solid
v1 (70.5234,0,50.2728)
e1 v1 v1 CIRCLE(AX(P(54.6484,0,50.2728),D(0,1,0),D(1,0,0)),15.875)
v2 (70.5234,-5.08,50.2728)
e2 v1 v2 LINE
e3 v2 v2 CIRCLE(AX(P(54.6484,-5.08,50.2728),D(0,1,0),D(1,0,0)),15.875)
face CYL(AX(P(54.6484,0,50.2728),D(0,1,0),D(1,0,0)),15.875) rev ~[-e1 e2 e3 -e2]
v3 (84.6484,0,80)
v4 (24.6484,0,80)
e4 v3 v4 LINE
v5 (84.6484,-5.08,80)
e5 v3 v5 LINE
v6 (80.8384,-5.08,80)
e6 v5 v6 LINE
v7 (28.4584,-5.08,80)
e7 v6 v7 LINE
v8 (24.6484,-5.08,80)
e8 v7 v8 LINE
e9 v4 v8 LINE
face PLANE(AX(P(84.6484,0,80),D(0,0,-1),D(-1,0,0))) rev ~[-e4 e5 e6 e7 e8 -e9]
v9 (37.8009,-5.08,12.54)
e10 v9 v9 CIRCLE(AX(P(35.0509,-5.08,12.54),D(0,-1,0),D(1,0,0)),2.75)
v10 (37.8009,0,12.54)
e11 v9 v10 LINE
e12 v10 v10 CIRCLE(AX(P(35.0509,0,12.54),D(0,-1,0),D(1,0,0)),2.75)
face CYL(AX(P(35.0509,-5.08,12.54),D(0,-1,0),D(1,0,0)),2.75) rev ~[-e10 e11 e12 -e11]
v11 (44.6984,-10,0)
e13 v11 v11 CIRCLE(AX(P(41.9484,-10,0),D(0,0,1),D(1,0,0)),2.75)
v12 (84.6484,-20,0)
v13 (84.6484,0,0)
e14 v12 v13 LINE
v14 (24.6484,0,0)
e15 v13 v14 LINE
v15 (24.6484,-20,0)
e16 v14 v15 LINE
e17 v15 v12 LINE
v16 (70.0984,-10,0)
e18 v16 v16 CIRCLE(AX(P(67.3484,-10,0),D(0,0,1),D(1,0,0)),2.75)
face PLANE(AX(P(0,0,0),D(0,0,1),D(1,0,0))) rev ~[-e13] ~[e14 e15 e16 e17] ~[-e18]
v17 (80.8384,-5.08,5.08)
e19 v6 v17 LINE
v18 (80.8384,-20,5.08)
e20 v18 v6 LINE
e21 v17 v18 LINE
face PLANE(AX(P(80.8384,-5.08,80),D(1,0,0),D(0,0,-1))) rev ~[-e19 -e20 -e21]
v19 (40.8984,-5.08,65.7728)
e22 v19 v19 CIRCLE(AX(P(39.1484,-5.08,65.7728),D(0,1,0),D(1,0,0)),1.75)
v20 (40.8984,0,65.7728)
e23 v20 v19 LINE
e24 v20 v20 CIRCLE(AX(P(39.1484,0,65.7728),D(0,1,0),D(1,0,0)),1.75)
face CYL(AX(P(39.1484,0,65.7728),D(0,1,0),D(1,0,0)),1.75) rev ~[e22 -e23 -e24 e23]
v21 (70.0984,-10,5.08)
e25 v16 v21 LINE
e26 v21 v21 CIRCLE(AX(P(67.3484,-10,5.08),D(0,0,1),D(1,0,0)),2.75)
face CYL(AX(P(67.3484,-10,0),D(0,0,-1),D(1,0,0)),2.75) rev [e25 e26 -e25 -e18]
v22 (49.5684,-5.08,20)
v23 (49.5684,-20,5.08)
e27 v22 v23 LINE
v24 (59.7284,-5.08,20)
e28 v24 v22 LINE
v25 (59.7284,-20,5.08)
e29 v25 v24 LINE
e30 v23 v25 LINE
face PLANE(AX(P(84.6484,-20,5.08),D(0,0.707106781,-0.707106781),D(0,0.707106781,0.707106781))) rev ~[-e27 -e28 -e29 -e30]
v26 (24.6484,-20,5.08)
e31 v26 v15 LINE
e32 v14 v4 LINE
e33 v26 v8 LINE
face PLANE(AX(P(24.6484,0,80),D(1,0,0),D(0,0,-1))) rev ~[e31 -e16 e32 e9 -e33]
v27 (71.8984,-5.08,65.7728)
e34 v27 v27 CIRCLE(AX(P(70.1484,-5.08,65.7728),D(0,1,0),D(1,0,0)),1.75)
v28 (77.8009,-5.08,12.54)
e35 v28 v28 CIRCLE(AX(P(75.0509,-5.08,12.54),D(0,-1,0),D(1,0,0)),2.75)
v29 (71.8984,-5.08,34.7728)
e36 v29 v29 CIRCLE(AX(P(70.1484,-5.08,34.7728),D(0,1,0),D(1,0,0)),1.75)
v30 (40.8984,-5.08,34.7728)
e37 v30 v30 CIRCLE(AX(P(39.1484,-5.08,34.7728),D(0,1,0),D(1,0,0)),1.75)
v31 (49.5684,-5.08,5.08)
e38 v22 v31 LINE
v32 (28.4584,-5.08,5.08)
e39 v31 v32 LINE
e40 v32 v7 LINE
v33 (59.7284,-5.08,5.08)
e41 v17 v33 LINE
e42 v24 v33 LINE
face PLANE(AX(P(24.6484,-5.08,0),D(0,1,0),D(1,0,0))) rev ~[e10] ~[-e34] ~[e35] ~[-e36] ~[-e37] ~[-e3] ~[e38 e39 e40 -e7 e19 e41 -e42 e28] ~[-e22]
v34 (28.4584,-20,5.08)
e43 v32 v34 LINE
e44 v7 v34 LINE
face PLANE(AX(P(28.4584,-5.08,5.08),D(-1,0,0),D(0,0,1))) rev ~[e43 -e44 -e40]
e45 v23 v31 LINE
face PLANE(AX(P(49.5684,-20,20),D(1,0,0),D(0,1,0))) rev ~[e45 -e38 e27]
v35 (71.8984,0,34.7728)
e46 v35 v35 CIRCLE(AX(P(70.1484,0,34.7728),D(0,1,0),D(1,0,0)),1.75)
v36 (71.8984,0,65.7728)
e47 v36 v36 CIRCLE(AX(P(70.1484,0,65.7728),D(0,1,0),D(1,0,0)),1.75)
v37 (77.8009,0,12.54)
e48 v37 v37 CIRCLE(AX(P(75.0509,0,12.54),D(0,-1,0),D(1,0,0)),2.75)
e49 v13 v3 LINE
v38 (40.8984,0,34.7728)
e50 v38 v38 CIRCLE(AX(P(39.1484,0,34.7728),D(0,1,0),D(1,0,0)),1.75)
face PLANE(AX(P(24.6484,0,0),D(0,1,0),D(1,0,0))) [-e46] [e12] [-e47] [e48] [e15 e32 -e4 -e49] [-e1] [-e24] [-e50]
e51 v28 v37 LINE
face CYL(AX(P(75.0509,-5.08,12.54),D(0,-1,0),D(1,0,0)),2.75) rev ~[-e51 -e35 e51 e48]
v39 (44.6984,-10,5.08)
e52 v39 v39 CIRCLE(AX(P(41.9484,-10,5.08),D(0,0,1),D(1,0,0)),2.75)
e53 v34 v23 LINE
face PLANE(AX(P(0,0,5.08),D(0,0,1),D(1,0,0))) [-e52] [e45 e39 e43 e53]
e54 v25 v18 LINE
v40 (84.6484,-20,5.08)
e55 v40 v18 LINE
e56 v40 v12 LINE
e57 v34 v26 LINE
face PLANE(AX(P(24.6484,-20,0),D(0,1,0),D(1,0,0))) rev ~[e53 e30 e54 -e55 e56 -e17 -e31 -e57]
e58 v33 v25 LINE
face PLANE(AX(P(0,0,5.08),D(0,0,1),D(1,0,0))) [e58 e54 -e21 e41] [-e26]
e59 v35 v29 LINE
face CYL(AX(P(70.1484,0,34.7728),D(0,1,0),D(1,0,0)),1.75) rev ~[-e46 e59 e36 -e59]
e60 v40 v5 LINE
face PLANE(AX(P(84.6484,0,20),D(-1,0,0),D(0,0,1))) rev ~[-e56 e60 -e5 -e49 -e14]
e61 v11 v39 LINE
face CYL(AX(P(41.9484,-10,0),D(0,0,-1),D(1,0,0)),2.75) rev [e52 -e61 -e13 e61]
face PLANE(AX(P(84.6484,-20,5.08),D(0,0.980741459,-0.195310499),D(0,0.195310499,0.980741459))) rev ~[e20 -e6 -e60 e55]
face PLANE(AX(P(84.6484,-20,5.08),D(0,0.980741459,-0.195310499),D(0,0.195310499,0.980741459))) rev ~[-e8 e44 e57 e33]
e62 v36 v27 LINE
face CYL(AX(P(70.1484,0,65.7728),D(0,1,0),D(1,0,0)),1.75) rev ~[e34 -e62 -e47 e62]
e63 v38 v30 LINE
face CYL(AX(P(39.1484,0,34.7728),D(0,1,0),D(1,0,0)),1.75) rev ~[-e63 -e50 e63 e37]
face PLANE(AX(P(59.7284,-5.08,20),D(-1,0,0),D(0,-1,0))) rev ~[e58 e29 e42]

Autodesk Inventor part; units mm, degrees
ref_plane "YZ Plane" through (0, 0, 0) normal (1, 0, 0) x (0, 1, 0)
ref_plane "XZ Plane" through (0, 0, 0) normal (0, 1, 0) x (-1, 0, 0)
ref_plane "XY Plane" through (0, 0, 0) normal (0, 0, 1) x (1, 0, 0)
sketch "Sketch1" plane through (0, 0, 0) normal (0, 0, 1) x (1, 0, 0)
  line L0 (0, -1.25) -> (250, -1.25) construction
  line L1 (0, -1.25) -> (0, -6.4) projected
  line L2 (0, -6.4) -> (250, -6.4) construction
  line L3 (250, -1.25) -> (250, -6.4) projected
  line L4 (250, -18.75) -> (0, -18.75) construction
  line L5 (250, -13.6) -> (250, -18.75) projected
  line L6 (0, -13.6) -> (250, -13.6) construction
  line L7 (0, -13.6) -> (0, -18.75) projected
  line L8 (0, -20) -> (250, -20) construction
  line L9 (250, 0) -> (0, 0) construction
  line L10 (24.6484, -20) -> (84.6484, -20)
  line L11 (84.6484, -20) -> (84.6484, 0)
  line L12 (84.6484, 0) -> (24.6484, 0)
  line L13 (24.6484, 0) -> (24.6484, -20)
  line L14 (54.6484, -20) -> (54.6484, 0) construction
  circle A0 centre (67.3484, -10) radius 2.75
  circle A1 centre (41.9484, -10) radius 2.75
  line L15 (54.6484, -10) -> (41.9484, -10) construction
  line L16 (54.6484, -10) -> (67.3484, -10) construction
  point P0 (0, 0)
  dimension "d0" = 60
  dimension "d1" = 5.5
  dimension "d2" = 5.5
  dimension "d11" = 12.7
extrude "Extrusion1" add sketch "Sketch1" along normal blind 5.08
sketch "Sketch2" plane through (0, 0, 5.08) normal (0, 0, 1) x (1, 0, 0)
  line L0 (84.6484, 0) -> (24.6484, 0) projected
  line L1 (84.6484, -20) -> (84.6484, 0) projected
  line L2 (24.6484, 0) -> (84.6484, 0)
  line L3 (84.6484, 0) -> (84.6484, -5.08)
  line L4 (84.6484, -5.08) -> (24.6484, -5.08)
  line L5 (24.6484, -5.08) -> (24.6484, 0)
  point P0 (0, 0)
  dimension "d5" = 5.08
extrude "Extrusion2" add sketch "Sketch2" along normal blind 14.92
sketch "Sketch3" plane through (24.6484, -5.08, 5.08) normal (0, -1, 0) x (1, 0, 0)
  line L0 (0, -5.08) -> (0, 14.92) projected
  line L1 (0, 0) -> (60, 0) projected
  line L2 (0, 14.92) -> (0, 0)
  line L3 (60, -5.08) -> (60, 14.92) projected
  line L4 (19.1525, 952.0343) -> (19.1525, -47.9657) construction
  line L5 (19.1525, 952.0343) -> (14.0025, 952.0343) projected
  line L6 (14.0025, 952.0343) -> (14.0025, -47.9657) construction
  line L7 (19.1525, -47.9657) -> (14.0025, -47.9657) projected
  line L8 (1.6525, -47.9657) -> (1.6525, 952.0343) construction
  line L9 (6.8025, -47.9657) -> (1.6525, -47.9657) projected
  line L10 (6.8025, 952.0343) -> (6.8025, -47.9657) construction
  line L11 (6.8025, 952.0343) -> (1.6525, 952.0343) projected
  line L12 (0, 7.46) -> (1.6525, 7.46)
  line L13 (6.8025, 7.46) -> (14.0025, 7.46) construction
  line L14 (41.6525, -47.9657) -> (41.6525, 952.0343) construction
  line L15 (41.6525, -47.9657) -> (46.8025, -47.9657) projected
  line L16 (46.8025, -47.9657) -> (46.8025, 952.0343) construction
  line L17 (41.6525, 952.0343) -> (46.8025, 952.0343) projected
  line L18 (59.1525, 952.0343) -> (59.1525, -47.9657) construction
  line L19 (54.0025, 952.0343) -> (59.1525, 952.0343) projected
  line L20 (54.0025, -47.9657) -> (54.0025, 952.0343) construction
  line L21 (54.0025, -47.9657) -> (59.1525, -47.9657) projected
  line L22 (46.8025, 7.46) -> (54.0025, 7.46) construction
  line L23 (59.1525, 7.46) -> (60, 7.46)
  circle A0 centre (50.4025, 7.46) radius 2.75
  circle A1 centre (10.4025, 7.46) radius 2.75
  point P0 (-24.6484, -5.08)
  dimension "d8" = 5.5
extrude "Extrusion3" cut sketch "Sketch3" against normal blind 14.92
sketch "Sketch4" plane through (84.6484, -20, 0) normal (1, 0, 0) x (0, 0, -1)
  line L0 (-5.08, 0) -> (-5.08, 14.92) projected
  line L1 (-5.08, 14.92) -> (-20, 14.92) projected
  line L2 (-5.08, 0) -> (-20, 14.92)
  line L3 (-20, 14.92) -> (-5.08, 14.92)
  line L4 (-5.08, 14.92) -> (-5.08, 0)
  point P0 (0, 20)
extrude "Extrusion4" add sketch "Sketch4" against normal up to surface (60 mm away)
sketch "Sketch5" plane through (0, 0, 20) normal (0, 0, 1) x (1, 0, 0)
  line L0 (32.3009, 0) -> (37.8009, 0) projected
  line L1 (72.3009, 0) -> (77.8009, 0) projected
  circle A0 centre (41.9484, -10) radius 2.75 projected
  circle A1 centre (67.3484, -10) radius 2.75 projected
  line L2 (84.6484, 0) -> (24.6484, 0) projected
  line L3 (54.6484, 0) -> (54.6484, -20)
  line L4 (24.6484, -20) -> (84.6484, -20) projected
  line L5 (59.7284, -20) -> (49.5684, -20)
  line L6 (49.5684, -20) -> (49.5684, 0)
  line L7 (49.5684, 0) -> (59.7284, 0)
  line L8 (59.7284, 0) -> (59.7284, -20)
  line L9 (59.7284, -20) -> (49.5684, 0) construction
  line L10 (49.5684, -20) -> (59.7284, 0) construction
  line L11 (84.6484, -20) -> (82.1084, -20)
  line L12 (82.1084, -20) -> (82.1084, 0)
  line L13 (82.1084, 0) -> (84.6484, 0)
  line L14 (84.6484, 0) -> (84.6484, -20)
  line L15 (24.6484, -20) -> (27.1884, -20)
  line L16 (27.1884, -20) -> (27.1884, 0)
  line L17 (27.1884, 0) -> (24.6484, 0)
  line L18 (24.6484, 0) -> (24.6484, -20)
  line L19 (24.6484, -5.08) -> (84.6484, -5.08) projected
  line L20 (84.6484, 0) -> (24.6484, 0)
  line L21 (24.6484, 0) -> (24.6484, -5.08)
  line L22 (24.6484, -5.08) -> (84.6484, -5.08)
  line L23 (84.6484, -5.08) -> (84.6484, 0)
  line L24 (59.7284, -20) -> (82.1084, -20)
  line L25 (82.1084, -20) -> (82.1084, -5.08)
  line L26 (82.1084, -5.08) -> (59.7284, -5.08)
  line L27 (59.7284, -5.08) -> (59.7284, -20)
  line L28 (27.1884, -20) -> (49.5684, -20)
  line L29 (49.5684, -20) -> (49.5684, -5.08)
  line L30 (49.5684, -5.08) -> (27.1884, -5.08)
  line L31 (27.1884, -5.08) -> (27.1884, -20)
  line L32 (49.5684, -5.08) -> (12.5322, -5.08)
  line L33 (12.5322, -5.08) -> (12.5322, -38.5786)
  line L34 (12.5322, -38.5786) -> (49.5684, -38.5786)
  line L35 (49.5684, -38.5786) -> (49.5684, -5.08)
  line L36 (59.7284, -5.08) -> (93.4749, -5.08)
  line L37 (93.4749, -5.08) -> (93.4749, -31.7372)
  line L38 (93.4749, -31.7372) -> (59.7284, -31.7372)
  line L39 (59.7284, -31.7372) -> (59.7284, -5.08)
  point P0 (0, 0)
  point P1 (54.6484, -10)
  dimension "d14" = 2.54
  dimension "d15" = 2.54
  dimension "d16" = 10.16
extrude "Extrusion5" cut sketch "Sketch5" against normal blind 14.92 contours L19 L6 L4 L16 | L16 L4 L18 L19 | L18 L4 L35 L34 L33 L32 | L19 L12 L4 L8 | L4 L14 L36 L37 L38 L39 | L19 L14 L4 L12 | A0 | A1
sketch "Sketch8" plane through (24.6484, 0, 0) normal (0, 1, 0) x (1, 0, 0)
  line L0 (60, 0) -> (0, 0) projected
  line L1 (30, 0) -> (30, -133.2692) construction
  line L2 (0, -20) -> (0, -5.08) projected
  line L3 (0, -20) -> (60, -20)
  line L4 (60, -20) -> (60, -80)
  line L5 (60, -80) -> (0, -80)
  line L6 (0, -80) -> (0, -20)
  circle A0 centre (30, -50.2728) radius 15.875
  line L7 (45.5, -65.7728) -> (14.5, -65.7728) construction
  line L8 (14.5, -65.7728) -> (14.5, -34.7728) construction
  line L9 (14.5, -34.7728) -> (45.5, -34.7728) construction
  line L10 (45.5, -34.7728) -> (45.5, -65.7728) construction
  line L11 (45.5, -65.7728) -> (14.5, -34.7728) construction
  line L12 (14.5, -65.7728) -> (45.5, -34.7728) construction
  circle A1 centre (14.5, -65.7728) radius 1.75
  circle A2 centre (14.5, -34.7728) radius 1.75
  circle A3 centre (45.5, -34.7728) radius 1.75
  circle A4 centre (45.5, -65.7728) radius 1.75
  point P0 (-24.6484, 0)
  dimension "d24" = 31
  dimension "d25" = 31.75
  dimension "d26" = 3.5
extrude "Extrusion8" add sketch "Sketch8" against normal up to surface (5.08 mm away)
sketch "Sketch10" plane through (24.6484, -5.08, 5.08) normal (0, -1, 0) x (1, 0, 0)
  line L0 (0, 0) -> (24.92, 0) projected
  line L1 (0, 0) -> (3.81, 0)
  line L2 (3.81, 0) -> (3.81, 74.92)
  line L3 (3.81, 74.92) -> (0, 74.92)
  line L4 (0, 74.92) -> (0, 0)
  line L5 (60, 74.92) -> (60, 0) projected
  line L6 (35.08, 0) -> (60, 0) projected
  line L7 (60, 74.92) -> (56.19, 74.92)
  line L8 (56.19, 74.92) -> (56.19, 0)
  line L9 (56.19, 0) -> (60, 0)
  line L10 (60, 0) -> (60, 74.92)
  point P0 (-24.6484, -5.08)
  dimension "d29" = 3.81
extrude "Extrusion9" add sketch "Sketch10" along normal up to surface (14.92 mm away)
sketch "Sketch11" plane through (84.6484, -20, 0) normal (1, 0, 0) x (0, 0, -1)
  line L0 (-80, 0) -> (-5.08, 0) projected
  line L1 (-5.08, 14.92) -> (-5.08, 0) projected
  line L2 (-80, 14.92) -> (-5.08, 14.92) projected
  line L3 (-80, 14.92) -> (-80, 0) projected
  line L4 (-5.08, 0) -> (-80, 14.92)
  point P0 (0, 20)
extrude "Extrusion10" cut sketch "Sketch11" against normal through all contours L3 L4 L0
properties part number "double90andMotor"
